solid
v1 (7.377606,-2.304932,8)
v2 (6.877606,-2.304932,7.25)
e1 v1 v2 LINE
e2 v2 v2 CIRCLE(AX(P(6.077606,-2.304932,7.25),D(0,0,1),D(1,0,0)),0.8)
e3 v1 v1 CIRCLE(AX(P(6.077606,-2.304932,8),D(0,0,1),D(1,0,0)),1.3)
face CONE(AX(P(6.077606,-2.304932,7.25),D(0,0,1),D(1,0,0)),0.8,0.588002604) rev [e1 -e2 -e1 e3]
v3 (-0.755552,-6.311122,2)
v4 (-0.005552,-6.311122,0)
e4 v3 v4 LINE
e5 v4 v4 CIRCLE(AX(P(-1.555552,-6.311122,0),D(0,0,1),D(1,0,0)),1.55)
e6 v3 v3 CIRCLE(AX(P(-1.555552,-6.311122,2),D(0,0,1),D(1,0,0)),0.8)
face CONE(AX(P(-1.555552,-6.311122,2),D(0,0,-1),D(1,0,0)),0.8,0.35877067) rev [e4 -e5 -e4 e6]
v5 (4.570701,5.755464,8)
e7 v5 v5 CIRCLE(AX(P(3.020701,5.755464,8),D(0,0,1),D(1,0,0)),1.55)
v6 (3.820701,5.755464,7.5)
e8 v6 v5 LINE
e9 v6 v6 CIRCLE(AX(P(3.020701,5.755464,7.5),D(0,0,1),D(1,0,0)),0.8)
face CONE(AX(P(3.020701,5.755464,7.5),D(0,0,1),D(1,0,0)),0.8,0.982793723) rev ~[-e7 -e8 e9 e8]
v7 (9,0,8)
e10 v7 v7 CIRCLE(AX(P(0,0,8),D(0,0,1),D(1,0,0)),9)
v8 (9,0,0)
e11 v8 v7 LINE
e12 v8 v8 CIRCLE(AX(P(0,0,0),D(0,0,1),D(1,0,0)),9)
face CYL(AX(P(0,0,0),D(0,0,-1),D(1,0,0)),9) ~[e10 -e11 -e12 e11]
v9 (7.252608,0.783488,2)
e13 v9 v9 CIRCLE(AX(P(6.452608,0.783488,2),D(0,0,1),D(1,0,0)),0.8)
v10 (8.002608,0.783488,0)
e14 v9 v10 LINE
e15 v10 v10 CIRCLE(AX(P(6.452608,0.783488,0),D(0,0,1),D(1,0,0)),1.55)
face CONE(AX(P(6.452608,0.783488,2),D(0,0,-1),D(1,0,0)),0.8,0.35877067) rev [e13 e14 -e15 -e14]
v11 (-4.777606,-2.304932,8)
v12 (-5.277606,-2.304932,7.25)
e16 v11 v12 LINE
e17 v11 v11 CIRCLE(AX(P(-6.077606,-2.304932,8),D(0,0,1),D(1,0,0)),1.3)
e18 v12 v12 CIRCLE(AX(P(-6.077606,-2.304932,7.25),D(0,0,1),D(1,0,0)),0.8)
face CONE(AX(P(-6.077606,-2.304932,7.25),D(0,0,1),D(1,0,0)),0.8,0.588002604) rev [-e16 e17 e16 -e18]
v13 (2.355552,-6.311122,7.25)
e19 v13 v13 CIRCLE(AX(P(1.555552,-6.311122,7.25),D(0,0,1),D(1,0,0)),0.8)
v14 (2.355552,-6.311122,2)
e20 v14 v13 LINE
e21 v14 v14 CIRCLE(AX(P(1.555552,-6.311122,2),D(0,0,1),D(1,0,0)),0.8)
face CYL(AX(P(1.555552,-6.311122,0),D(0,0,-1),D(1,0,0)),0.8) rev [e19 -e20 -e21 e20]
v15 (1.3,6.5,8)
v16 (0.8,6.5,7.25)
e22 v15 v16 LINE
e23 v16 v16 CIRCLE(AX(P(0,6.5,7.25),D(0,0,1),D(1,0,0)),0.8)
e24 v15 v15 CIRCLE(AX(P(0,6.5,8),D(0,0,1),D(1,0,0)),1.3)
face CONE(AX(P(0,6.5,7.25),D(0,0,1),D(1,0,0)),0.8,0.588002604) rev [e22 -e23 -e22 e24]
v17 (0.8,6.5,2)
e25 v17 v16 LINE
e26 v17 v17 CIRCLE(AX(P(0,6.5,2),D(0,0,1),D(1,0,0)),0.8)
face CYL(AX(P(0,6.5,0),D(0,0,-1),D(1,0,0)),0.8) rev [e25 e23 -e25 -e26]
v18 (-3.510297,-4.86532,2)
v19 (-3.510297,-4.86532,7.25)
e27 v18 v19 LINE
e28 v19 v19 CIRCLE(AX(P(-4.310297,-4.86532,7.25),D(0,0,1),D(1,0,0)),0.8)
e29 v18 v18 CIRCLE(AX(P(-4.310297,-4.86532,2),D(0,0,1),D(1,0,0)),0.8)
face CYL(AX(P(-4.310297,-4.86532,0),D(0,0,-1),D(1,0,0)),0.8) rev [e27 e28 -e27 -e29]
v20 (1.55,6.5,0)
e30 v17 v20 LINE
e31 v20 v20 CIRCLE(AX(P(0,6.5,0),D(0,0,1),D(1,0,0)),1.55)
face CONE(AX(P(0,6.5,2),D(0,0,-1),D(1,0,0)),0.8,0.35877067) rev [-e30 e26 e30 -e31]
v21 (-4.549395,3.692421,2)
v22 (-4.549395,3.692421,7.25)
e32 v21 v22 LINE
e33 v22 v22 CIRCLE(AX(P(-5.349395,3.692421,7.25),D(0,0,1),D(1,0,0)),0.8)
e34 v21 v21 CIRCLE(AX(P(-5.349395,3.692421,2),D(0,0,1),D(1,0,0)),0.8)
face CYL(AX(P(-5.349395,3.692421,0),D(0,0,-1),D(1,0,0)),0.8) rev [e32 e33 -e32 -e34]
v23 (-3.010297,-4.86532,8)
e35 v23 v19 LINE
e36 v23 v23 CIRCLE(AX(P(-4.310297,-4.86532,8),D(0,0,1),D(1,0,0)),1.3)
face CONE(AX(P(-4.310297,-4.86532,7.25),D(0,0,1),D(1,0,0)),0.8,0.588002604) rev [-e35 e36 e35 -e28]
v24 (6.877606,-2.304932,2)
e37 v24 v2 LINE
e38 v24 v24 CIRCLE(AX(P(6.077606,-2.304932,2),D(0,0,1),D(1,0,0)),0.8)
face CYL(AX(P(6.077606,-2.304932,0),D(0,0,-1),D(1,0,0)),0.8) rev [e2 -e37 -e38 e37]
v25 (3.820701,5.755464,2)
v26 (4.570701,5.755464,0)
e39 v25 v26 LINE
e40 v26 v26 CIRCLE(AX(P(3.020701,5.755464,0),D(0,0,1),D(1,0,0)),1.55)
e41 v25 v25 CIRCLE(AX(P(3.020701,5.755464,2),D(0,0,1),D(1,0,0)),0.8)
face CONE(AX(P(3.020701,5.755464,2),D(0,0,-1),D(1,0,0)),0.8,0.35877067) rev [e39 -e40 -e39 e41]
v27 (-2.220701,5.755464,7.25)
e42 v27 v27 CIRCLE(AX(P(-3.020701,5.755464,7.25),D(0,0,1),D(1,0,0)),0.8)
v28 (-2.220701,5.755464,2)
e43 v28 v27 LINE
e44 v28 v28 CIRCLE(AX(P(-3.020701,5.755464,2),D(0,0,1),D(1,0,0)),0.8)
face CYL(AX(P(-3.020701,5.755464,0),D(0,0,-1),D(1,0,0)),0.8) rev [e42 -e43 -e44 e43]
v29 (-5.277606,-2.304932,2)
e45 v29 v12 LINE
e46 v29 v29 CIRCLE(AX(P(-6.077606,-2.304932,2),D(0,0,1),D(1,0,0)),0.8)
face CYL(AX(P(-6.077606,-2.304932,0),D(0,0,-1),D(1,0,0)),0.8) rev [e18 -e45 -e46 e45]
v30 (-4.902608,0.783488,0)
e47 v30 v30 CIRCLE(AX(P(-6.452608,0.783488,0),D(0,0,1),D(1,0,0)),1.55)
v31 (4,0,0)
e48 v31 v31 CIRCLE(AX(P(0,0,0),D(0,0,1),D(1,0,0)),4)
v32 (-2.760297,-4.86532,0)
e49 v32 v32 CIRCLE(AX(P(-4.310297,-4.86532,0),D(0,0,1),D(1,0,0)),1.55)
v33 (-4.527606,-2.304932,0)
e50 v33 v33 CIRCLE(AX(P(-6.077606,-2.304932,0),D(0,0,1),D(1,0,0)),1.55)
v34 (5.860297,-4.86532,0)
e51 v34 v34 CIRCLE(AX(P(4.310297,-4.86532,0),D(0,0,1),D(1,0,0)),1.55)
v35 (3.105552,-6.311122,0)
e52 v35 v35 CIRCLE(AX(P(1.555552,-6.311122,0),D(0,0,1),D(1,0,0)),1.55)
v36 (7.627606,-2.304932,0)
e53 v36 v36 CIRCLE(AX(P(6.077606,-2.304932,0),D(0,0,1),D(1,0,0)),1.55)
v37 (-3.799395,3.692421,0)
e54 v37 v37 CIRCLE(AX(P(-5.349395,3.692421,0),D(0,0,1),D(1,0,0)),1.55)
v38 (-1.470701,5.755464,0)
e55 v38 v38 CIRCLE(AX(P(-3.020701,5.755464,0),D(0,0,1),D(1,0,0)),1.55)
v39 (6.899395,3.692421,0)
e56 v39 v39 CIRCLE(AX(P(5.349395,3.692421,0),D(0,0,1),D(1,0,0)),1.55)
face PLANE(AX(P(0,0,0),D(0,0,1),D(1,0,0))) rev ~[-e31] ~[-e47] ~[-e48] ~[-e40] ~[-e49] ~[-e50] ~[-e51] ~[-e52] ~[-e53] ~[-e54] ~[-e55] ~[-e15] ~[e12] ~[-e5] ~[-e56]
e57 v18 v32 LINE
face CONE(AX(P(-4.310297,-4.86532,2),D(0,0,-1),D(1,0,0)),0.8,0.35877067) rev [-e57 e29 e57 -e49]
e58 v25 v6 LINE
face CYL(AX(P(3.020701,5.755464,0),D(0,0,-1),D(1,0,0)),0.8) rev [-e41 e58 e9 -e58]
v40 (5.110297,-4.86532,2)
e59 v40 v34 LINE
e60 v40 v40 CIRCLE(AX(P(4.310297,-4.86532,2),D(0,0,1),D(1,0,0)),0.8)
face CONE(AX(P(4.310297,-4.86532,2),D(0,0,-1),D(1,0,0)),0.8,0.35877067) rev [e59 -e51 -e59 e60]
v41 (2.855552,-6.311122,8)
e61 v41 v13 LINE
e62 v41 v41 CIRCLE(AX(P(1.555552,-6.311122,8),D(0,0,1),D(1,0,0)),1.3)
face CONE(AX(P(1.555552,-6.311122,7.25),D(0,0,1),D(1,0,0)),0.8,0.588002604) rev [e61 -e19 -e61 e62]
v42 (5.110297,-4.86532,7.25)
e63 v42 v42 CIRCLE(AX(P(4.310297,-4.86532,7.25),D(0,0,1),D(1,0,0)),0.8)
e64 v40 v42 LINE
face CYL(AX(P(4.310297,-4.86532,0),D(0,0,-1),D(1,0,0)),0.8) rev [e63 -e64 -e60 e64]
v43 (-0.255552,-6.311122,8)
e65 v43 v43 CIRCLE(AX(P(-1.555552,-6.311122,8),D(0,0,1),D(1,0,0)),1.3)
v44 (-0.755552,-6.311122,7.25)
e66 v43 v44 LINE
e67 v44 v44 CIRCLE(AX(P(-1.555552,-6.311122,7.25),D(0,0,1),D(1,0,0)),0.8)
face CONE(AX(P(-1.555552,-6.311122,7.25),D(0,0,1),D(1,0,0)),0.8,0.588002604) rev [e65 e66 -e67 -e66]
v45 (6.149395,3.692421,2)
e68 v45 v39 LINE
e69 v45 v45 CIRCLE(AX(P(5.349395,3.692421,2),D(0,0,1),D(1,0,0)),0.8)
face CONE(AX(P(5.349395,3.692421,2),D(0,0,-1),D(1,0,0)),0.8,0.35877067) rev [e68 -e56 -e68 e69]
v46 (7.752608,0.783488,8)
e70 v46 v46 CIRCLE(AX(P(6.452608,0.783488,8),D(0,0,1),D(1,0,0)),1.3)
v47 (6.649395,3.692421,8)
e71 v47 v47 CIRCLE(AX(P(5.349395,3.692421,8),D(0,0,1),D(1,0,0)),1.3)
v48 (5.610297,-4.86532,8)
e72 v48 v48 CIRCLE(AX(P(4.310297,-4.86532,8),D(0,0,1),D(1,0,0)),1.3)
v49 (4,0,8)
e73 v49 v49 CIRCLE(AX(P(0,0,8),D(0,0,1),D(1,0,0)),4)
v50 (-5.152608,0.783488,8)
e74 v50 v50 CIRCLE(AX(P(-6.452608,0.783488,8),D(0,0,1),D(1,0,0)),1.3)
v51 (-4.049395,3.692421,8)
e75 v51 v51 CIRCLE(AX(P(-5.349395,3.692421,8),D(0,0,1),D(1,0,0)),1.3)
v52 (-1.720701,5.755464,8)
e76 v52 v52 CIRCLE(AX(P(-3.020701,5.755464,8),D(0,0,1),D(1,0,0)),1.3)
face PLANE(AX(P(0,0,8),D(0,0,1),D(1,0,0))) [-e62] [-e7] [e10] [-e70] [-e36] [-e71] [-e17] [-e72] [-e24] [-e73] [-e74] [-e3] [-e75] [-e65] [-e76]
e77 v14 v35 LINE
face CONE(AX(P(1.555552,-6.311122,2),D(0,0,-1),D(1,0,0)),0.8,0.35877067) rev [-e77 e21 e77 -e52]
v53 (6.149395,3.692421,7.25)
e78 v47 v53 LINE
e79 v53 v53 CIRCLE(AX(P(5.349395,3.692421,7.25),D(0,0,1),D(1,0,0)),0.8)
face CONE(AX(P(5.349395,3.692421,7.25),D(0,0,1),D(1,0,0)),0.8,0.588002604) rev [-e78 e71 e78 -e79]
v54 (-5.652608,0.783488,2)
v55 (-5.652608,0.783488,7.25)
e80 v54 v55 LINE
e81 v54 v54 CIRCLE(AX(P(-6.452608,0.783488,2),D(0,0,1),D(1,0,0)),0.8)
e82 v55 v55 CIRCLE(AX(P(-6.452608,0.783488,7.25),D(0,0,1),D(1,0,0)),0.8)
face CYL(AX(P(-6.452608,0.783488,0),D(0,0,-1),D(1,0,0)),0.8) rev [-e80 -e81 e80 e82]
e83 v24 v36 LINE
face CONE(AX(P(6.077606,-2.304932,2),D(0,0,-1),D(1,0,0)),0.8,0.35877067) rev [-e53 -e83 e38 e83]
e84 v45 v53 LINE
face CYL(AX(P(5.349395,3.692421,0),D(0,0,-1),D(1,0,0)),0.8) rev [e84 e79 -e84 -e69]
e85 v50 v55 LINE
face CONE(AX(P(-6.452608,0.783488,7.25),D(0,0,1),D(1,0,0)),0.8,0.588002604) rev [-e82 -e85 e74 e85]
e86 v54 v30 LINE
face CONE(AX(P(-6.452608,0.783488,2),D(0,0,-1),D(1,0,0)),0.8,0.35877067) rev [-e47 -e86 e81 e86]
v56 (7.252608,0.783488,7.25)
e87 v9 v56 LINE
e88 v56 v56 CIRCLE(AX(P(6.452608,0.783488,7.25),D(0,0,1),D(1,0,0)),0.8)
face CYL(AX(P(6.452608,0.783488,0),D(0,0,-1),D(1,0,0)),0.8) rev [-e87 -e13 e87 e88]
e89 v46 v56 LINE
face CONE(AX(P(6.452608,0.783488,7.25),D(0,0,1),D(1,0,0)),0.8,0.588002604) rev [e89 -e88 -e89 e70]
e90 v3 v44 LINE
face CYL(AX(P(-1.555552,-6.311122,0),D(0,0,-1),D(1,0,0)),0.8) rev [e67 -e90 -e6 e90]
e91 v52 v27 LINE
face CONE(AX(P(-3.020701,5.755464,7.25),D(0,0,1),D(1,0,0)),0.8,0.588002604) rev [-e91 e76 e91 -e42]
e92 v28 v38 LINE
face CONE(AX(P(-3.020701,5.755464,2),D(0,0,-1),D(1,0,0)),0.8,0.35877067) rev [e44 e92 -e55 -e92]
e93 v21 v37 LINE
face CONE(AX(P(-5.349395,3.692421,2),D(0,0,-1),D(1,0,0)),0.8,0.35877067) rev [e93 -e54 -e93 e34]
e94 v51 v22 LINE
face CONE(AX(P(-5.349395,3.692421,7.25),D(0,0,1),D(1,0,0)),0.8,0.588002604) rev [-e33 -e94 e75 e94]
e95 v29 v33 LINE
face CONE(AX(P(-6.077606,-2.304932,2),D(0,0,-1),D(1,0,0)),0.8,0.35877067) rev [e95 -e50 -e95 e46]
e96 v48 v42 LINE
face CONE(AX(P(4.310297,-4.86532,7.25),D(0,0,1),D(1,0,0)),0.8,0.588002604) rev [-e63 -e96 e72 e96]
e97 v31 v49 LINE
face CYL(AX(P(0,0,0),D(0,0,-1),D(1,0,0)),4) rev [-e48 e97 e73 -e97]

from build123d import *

# Parameters (mm, degrees)
SKETCH_R           = 9
SKETCH_R_2         = 0.8
SKETCH_R_3         = 4
EXTRUDE_DEPTH      = 8
CHAMFER_1_SIZE2    = 0.75
CHAMFER_1_SIZE     = 2
CHAMFER_2_SIZE2    = 0.75
CHAMFER_2_SIZE     = 2
CHAMFER_3_SIZE2    = 0.75
CHAMFER_3_SIZE     = 2
CHAMFER_4_SIZE2    = 0.75
CHAMFER_4_SIZE     = 2
CHAMFER_5_SIZE2    = 0.75
CHAMFER_5_SIZE     = 2
CHAMFER_6_SIZE2    = 0.75
CHAMFER_6_SIZE     = 2
CHAMFER_7_SIZE2    = 0.75
CHAMFER_7_SIZE     = 2
CHAMFER_8_SIZE2    = 0.75
CHAMFER_8_SIZE     = 2
CHAMFER_9_SIZE2    = 0.75
CHAMFER_9_SIZE     = 2
CHAMFER_10_SIZE2   = 0.75
CHAMFER_10_SIZE    = 2
CHAMFER_11_SIZE2   = 0.75
CHAMFER_11_SIZE    = 2
CHAMFER_12_SIZE2   = 0.75
CHAMFER_12_SIZE    = 2
CHAMFER_13_SIZE2   = 0.75
CHAMFER_13_SIZE    = 2
CHAMFER001_1_SIZE2 = 0.75
CHAMFER001_1_SIZE  = 0.5
CHAMFER001_2_SIZE2 = 0.75
CHAMFER001_2_SIZE  = 0.5


with BuildPart() as part:
    # Sketch → Extrude (new body)
    with BuildSketch(Plane.XY):
        Circle(SKETCH_R)
        with Locations((-3.020701, 5.755464)):
            Circle(SKETCH_R_2, mode=Mode.SUBTRACT)
        with Locations((-5.349395, 3.692421)):
            Circle(SKETCH_R_2, mode=Mode.SUBTRACT)
        with Locations((-6.452608, 0.783488)):
            Circle(SKETCH_R_2, mode=Mode.SUBTRACT)
        with Locations((-6.077606, -2.304932)):
            Circle(SKETCH_R_2, mode=Mode.SUBTRACT)
        with Locations((-4.310297, -4.86532)):
            Circle(SKETCH_R_2, mode=Mode.SUBTRACT)
        with Locations((-1.555552, -6.311122)):
            Circle(SKETCH_R_2, mode=Mode.SUBTRACT)
        with Locations((1.555552, -6.311122)):
            Circle(SKETCH_R_2, mode=Mode.SUBTRACT)
        with Locations((4.310297, -4.86532)):
            Circle(SKETCH_R_2, mode=Mode.SUBTRACT)
        with Locations((6.077606, -2.304932)):
            Circle(SKETCH_R_2, mode=Mode.SUBTRACT)
        with Locations((6.452608, 0.783488)):
            Circle(SKETCH_R_2, mode=Mode.SUBTRACT)
        with Locations((5.349395, 3.692421)):
            Circle(SKETCH_R_2, mode=Mode.SUBTRACT)
        with Locations((3.020701, 5.755464)):
            Circle(SKETCH_R_2, mode=Mode.SUBTRACT)
        with Locations((0, 6.5)):
            Circle(SKETCH_R_2, mode=Mode.SUBTRACT)
        Circle(SKETCH_R_3, mode=Mode.SUBTRACT)
    extrude(amount=EXTRUDE_DEPTH)

    # Chamfer 1
    chamfer_1_edges = [part.edges().sort_by_distance(p)[0] for p in [
        (-3.820701, 5.755464, 0),
    ]]
    chamfer_1_side = part.faces().sort_by_distance((-3.820701, 5.755464, 4))[0]
    chamfer(chamfer_1_edges, length=CHAMFER_1_SIZE, length2=CHAMFER_1_SIZE2, reference=chamfer_1_side)

    # Chamfer 2
    chamfer_2_edges = [part.edges().sort_by_distance(p)[0] for p in [
        (-5.110297, -4.86532, 0),
    ]]
    chamfer_2_side = part.faces().sort_by_distance((-5.110297, -4.86532, 4))[0]
    chamfer(chamfer_2_edges, length=CHAMFER_2_SIZE, length2=CHAMFER_2_SIZE2, reference=chamfer_2_side)

    # Chamfer 3
    chamfer_3_edges = [part.edges().sort_by_distance(p)[0] for p in [
        (3.510297, -4.86532, 0),
    ]]
    chamfer_3_side = part.faces().sort_by_distance((3.510297, -4.86532, 4))[0]
    chamfer(chamfer_3_edges, length=CHAMFER_3_SIZE, length2=CHAMFER_3_SIZE2, reference=chamfer_3_side)

    # Chamfer 4
    chamfer_4_edges = [part.edges().sort_by_distance(p)[0] for p in [
        (4.549395, 3.692421, 0),
    ]]
    chamfer_4_side = part.faces().sort_by_distance((4.549395, 3.692421, 4))[0]
    chamfer(chamfer_4_edges, length=CHAMFER_4_SIZE, length2=CHAMFER_4_SIZE2, reference=chamfer_4_side)

    # Chamfer 5
    chamfer_5_edges = [part.edges().sort_by_distance(p)[0] for p in [
        (-6.877606, -2.304932, 0),
    ]]
    chamfer_5_side = part.faces().sort_by_distance((-6.877606, -2.304932, 4))[0]
    chamfer(chamfer_5_edges, length=CHAMFER_5_SIZE, length2=CHAMFER_5_SIZE2, reference=chamfer_5_side)

    # Chamfer 6
    chamfer_6_edges = [part.edges().sort_by_distance(p)[0] for p in [
        (-2.355552, -6.311122, 0),
    ]]
    chamfer_6_side = part.faces().sort_by_distance((-2.355552, -6.311122, 4))[0]
    chamfer(chamfer_6_edges, length=CHAMFER_6_SIZE, length2=CHAMFER_6_SIZE2, reference=chamfer_6_side)

    # Chamfer 7
    chamfer_7_edges = [part.edges().sort_by_distance(p)[0] for p in [
        (5.277606, -2.304932, 0),
    ]]
    chamfer_7_side = part.faces().sort_by_distance((5.277606, -2.304932, 4))[0]
    chamfer(chamfer_7_edges, length=CHAMFER_7_SIZE, length2=CHAMFER_7_SIZE2, reference=chamfer_7_side)

    # Chamfer 8
    chamfer_8_edges = [part.edges().sort_by_distance(p)[0] for p in [
        (-7.252608, 0.783488, 0),
    ]]
    chamfer_8_side = part.faces().sort_by_distance((-7.252608, 0.783488, 4))[0]
    chamfer(chamfer_8_edges, length=CHAMFER_8_SIZE, length2=CHAMFER_8_SIZE2, reference=chamfer_8_side)

    # Chamfer 9
    chamfer_9_edges = [part.edges().sort_by_distance(p)[0] for p in [
        (0.755552, -6.311122, 0),
    ]]
    chamfer_9_side = part.faces().sort_by_distance((0.755552, -6.311122, 4))[0]
    chamfer(chamfer_9_edges, length=CHAMFER_9_SIZE, length2=CHAMFER_9_SIZE2, reference=chamfer_9_side)

    # Chamfer 10
    chamfer_10_edges = [part.edges().sort_by_distance(p)[0] for p in [
        (5.652608, 0.783488, 0),
    ]]
    chamfer_10_side = part.faces().sort_by_distance((5.652608, 0.783488, 4))[0]
    chamfer(chamfer_10_edges, length=CHAMFER_10_SIZE, length2=CHAMFER_10_SIZE2, reference=chamfer_10_side)

    # Chamfer 11
    chamfer_11_edges = [part.edges().sort_by_distance(p)[0] for p in [
        (-0.8, 6.5, 0),
    ]]
    chamfer_11_side = part.faces().sort_by_distance((-0.8, 6.5, 4))[0]
    chamfer(chamfer_11_edges, length=CHAMFER_11_SIZE, length2=CHAMFER_11_SIZE2, reference=chamfer_11_side)

    # Chamfer 12
    chamfer_12_edges = [part.edges().sort_by_distance(p)[0] for p in [
        (-6.149395, 3.692421, 0),
    ]]
    chamfer_12_side = part.faces().sort_by_distance((-6.149395, 3.692421, 4))[0]
    chamfer(chamfer_12_edges, length=CHAMFER_12_SIZE, length2=CHAMFER_12_SIZE2, reference=chamfer_12_side)

    # Chamfer 13
    chamfer_13_edges = [part.edges().sort_by_distance(p)[0] for p in [
        (2.220701, 5.755464, 0),
    ]]
    chamfer_13_side = part.faces().sort_by_distance((2.220701, 5.755464, 4))[0]
    chamfer(chamfer_13_edges, length=CHAMFER_13_SIZE, length2=CHAMFER_13_SIZE2, reference=chamfer_13_side)

    # Chamfer001 1
    chamfer001_1_edges = [part.edges().sort_by_distance(p)[0] for p in [
        (-6.149395, 3.692421, 8),
        (-0.8, 6.5, 8),
        (5.652608, 0.783488, 8),
        (0.755552, -6.311122, 8),
        (-7.252608, 0.783488, 8),
        (5.277606, -2.304932, 8),
        (-2.355552, -6.311122, 8),
        (-6.877606, -2.304932, 8),
        (4.549395, 3.692421, 8),
        (3.510297, -4.86532, 8),
        (-5.110297, -4.86532, 8),
        (-3.820701, 5.755464, 8),
    ]]
    chamfer001_1_side = part.faces().sort_by_distance((-8.745442, 0, 8))[0]
    chamfer(chamfer001_1_edges, length=CHAMFER001_1_SIZE, length2=CHAMFER001_1_SIZE2, reference=chamfer001_1_side)

    # Chamfer001 2
    chamfer001_2_edges = [part.edges().sort_by_distance(p)[0] for p in [
        (2.220701, 5.755464, 8),
    ]]
    chamfer001_2_side = part.faces().sort_by_distance((2.220701, 5.755464, 5))[0]
    chamfer(chamfer001_2_edges, length=CHAMFER001_2_SIZE, length2=CHAMFER001_2_SIZE2, reference=chamfer001_2_side)


solid = part.part
